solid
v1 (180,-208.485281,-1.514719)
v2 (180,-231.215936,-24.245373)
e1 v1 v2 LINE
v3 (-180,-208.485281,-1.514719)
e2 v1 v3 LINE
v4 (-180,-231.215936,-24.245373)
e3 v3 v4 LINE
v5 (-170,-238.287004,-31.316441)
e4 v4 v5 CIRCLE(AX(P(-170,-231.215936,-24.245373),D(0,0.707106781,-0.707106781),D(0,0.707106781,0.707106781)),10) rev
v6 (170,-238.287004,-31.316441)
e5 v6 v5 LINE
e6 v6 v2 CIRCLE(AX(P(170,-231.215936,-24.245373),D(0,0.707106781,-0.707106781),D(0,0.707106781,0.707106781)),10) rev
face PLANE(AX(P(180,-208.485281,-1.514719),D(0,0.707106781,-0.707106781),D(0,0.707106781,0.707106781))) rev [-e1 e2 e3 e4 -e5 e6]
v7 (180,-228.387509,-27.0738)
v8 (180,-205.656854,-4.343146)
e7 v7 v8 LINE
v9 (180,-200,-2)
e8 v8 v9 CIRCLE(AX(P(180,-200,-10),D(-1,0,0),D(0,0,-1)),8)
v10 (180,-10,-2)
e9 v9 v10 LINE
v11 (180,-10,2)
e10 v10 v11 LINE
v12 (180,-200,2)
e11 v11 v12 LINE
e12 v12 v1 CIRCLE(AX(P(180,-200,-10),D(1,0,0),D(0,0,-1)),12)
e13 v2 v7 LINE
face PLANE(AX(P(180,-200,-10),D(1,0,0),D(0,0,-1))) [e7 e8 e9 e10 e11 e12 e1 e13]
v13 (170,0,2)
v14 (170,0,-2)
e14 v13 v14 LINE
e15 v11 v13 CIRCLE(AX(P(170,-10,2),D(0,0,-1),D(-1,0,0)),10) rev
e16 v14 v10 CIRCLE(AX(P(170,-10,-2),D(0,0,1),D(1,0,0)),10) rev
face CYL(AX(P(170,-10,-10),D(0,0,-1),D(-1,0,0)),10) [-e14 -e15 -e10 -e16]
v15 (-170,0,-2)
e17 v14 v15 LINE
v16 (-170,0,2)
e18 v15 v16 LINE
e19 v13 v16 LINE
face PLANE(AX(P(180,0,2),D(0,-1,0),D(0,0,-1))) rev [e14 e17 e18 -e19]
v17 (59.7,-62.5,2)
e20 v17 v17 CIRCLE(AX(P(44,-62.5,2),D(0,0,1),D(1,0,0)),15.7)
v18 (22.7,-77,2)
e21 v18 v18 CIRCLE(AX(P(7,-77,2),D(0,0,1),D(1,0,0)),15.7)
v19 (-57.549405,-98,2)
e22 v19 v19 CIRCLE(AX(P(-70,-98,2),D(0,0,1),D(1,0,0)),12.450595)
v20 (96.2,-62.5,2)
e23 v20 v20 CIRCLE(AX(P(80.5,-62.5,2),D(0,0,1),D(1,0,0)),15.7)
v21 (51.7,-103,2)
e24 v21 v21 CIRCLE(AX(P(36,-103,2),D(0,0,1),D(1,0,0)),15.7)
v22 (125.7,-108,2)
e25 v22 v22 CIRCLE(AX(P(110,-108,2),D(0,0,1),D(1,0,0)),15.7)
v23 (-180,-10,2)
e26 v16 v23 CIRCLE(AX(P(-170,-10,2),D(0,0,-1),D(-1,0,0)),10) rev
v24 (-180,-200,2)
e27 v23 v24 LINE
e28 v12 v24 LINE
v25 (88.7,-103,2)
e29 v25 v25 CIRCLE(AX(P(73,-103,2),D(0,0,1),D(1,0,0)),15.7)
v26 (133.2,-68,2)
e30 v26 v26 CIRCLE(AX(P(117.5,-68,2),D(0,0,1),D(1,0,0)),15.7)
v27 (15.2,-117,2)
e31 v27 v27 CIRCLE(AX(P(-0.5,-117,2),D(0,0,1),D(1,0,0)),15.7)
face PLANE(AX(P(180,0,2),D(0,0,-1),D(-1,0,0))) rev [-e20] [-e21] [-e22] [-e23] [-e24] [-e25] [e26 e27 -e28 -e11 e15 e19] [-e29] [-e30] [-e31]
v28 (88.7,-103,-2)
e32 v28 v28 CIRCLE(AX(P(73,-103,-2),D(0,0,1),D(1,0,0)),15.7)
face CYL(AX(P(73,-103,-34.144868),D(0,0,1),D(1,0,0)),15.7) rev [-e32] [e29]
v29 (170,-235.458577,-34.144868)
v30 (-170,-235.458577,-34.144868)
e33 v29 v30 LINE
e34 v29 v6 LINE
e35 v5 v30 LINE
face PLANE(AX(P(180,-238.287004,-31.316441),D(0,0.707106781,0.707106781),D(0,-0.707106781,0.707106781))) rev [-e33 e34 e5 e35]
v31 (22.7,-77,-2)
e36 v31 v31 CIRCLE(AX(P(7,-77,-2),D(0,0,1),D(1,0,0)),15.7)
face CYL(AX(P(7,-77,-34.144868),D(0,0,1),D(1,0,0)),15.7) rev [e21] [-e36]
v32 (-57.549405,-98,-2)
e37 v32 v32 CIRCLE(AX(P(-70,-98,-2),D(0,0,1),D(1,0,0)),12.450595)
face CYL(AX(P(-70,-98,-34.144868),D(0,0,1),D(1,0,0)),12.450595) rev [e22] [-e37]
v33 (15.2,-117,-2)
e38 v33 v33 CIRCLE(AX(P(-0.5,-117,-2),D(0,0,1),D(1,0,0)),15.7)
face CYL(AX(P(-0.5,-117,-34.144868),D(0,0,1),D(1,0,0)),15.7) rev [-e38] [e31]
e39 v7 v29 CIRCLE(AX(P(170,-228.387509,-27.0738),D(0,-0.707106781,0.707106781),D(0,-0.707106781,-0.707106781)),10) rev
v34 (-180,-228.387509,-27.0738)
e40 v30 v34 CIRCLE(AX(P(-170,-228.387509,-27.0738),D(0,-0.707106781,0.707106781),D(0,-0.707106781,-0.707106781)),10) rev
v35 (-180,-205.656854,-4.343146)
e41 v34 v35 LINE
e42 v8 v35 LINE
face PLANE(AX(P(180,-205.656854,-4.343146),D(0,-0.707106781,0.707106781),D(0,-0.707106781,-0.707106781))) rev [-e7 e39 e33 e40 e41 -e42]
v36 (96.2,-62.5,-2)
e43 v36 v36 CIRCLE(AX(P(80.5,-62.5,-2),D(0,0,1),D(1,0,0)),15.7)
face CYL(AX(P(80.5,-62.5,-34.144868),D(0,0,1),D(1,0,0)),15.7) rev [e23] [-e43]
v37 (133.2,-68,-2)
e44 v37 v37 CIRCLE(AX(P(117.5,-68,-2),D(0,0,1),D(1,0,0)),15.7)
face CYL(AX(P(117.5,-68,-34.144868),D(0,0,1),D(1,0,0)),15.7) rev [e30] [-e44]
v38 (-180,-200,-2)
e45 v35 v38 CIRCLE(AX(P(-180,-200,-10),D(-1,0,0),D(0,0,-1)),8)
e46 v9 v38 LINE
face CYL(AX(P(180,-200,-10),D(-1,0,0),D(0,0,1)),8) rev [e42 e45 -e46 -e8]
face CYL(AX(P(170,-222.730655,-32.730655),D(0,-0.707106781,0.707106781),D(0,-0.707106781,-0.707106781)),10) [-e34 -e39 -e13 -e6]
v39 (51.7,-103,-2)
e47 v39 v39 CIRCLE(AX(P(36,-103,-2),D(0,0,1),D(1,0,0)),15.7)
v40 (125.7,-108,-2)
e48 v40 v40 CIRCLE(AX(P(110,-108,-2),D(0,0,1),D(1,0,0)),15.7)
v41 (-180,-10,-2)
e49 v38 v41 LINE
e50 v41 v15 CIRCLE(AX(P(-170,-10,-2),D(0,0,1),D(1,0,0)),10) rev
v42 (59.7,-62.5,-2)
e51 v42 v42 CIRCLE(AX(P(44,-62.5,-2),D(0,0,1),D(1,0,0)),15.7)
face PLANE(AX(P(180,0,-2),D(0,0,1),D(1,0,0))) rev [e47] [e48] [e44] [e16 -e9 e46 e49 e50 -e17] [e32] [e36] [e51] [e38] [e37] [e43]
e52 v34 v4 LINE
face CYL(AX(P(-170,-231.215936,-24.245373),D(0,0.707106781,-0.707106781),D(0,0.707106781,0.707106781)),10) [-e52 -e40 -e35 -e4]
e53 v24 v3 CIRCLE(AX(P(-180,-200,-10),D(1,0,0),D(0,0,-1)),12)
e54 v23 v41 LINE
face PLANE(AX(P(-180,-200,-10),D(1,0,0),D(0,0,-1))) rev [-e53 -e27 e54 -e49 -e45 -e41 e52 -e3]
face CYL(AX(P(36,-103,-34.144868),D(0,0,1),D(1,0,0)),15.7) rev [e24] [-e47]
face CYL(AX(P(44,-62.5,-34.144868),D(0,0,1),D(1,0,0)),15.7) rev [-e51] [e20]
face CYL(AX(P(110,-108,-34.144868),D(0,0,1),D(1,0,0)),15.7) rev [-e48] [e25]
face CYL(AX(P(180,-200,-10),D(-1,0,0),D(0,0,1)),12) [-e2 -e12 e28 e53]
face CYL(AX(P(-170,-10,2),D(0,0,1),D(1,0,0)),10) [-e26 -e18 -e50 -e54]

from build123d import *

# Parameters (mm, degrees)
SALIENTE_EXTRUIR1_DEPTH = 180
CROQUIS3_R              = 12.450594948
CROQUIS3_R_2            = 15.7
CORTAR_EXTRUIR1_DEPTH   = 37.14486815
REDONDEO1_R             = 10


with BuildPart() as part:
    # Croquis1 → Saliente-Extruir1 (new body, symmetric)
    with BuildSketch(Plane(origin=(0, 0, 0), x_dir=(0, 0, -1), z_dir=(1, 0, 0))):
        with BuildLine():
            Line((-2, 0), (-2, -200))
            ThreePointArc((-2, -200), (-1.08655439, -204.592201188), (1.514718626, -208.485281374))
            Line((1.514718626, -208.485281374), (31.316441026, -238.287003774))
            Line((31.316441026, -238.287003774), (34.14486815, -235.458576649))
            Line((34.14486815, -235.458576649), (4.343145751, -205.656854249))
            ThreePointArc((4.343145751, -205.656854249), (2.60896374, -203.061467459), (2, -200))
            Line((2, -200), (2, 0))
            Line((2, 0), (-2, 0))
        make_face()
    extrude(amount=SALIENTE_EXTRUIR1_DEPTH, both=True)

    # Croquis3 → Cortar-Extruir1 (cut, through all)
    with BuildSketch(Plane.XY.offset(2)):
        with Locations((-70, -98)):
            Circle(CROQUIS3_R)
        with Locations((7, -77)):
            Circle(CROQUIS3_R_2)
        with Locations((-0.5, -117)):
            Circle(CROQUIS3_R_2)
        with Locations((36, -103)):
            Circle(CROQUIS3_R_2)
        with Locations((73, -103)):
            Circle(CROQUIS3_R_2)
        with Locations((110, -108)):
            Circle(CROQUIS3_R_2)
        with Locations((117.5, -68)):
            Circle(CROQUIS3_R_2)
        with Locations((80.5, -62.5)):
            Circle(CROQUIS3_R_2)
        with Locations((44, -62.5)):
            Circle(CROQUIS3_R_2)
    extrude(amount=-CORTAR_EXTRUIR1_DEPTH, mode=Mode.SUBTRACT)

    # Redondeo1
    redondeo1_edges = [part.edges().sort_by_distance(p)[0] for p in [
        (-180, 0, 0),
        (180, -236.872790212, -32.730654588),
        (180, 0, 0),
        (-180, -236.872790212, -32.730654588),
    ]]
    fillet(redondeo1_edges, radius=REDONDEO1_R)


solid = part.part
